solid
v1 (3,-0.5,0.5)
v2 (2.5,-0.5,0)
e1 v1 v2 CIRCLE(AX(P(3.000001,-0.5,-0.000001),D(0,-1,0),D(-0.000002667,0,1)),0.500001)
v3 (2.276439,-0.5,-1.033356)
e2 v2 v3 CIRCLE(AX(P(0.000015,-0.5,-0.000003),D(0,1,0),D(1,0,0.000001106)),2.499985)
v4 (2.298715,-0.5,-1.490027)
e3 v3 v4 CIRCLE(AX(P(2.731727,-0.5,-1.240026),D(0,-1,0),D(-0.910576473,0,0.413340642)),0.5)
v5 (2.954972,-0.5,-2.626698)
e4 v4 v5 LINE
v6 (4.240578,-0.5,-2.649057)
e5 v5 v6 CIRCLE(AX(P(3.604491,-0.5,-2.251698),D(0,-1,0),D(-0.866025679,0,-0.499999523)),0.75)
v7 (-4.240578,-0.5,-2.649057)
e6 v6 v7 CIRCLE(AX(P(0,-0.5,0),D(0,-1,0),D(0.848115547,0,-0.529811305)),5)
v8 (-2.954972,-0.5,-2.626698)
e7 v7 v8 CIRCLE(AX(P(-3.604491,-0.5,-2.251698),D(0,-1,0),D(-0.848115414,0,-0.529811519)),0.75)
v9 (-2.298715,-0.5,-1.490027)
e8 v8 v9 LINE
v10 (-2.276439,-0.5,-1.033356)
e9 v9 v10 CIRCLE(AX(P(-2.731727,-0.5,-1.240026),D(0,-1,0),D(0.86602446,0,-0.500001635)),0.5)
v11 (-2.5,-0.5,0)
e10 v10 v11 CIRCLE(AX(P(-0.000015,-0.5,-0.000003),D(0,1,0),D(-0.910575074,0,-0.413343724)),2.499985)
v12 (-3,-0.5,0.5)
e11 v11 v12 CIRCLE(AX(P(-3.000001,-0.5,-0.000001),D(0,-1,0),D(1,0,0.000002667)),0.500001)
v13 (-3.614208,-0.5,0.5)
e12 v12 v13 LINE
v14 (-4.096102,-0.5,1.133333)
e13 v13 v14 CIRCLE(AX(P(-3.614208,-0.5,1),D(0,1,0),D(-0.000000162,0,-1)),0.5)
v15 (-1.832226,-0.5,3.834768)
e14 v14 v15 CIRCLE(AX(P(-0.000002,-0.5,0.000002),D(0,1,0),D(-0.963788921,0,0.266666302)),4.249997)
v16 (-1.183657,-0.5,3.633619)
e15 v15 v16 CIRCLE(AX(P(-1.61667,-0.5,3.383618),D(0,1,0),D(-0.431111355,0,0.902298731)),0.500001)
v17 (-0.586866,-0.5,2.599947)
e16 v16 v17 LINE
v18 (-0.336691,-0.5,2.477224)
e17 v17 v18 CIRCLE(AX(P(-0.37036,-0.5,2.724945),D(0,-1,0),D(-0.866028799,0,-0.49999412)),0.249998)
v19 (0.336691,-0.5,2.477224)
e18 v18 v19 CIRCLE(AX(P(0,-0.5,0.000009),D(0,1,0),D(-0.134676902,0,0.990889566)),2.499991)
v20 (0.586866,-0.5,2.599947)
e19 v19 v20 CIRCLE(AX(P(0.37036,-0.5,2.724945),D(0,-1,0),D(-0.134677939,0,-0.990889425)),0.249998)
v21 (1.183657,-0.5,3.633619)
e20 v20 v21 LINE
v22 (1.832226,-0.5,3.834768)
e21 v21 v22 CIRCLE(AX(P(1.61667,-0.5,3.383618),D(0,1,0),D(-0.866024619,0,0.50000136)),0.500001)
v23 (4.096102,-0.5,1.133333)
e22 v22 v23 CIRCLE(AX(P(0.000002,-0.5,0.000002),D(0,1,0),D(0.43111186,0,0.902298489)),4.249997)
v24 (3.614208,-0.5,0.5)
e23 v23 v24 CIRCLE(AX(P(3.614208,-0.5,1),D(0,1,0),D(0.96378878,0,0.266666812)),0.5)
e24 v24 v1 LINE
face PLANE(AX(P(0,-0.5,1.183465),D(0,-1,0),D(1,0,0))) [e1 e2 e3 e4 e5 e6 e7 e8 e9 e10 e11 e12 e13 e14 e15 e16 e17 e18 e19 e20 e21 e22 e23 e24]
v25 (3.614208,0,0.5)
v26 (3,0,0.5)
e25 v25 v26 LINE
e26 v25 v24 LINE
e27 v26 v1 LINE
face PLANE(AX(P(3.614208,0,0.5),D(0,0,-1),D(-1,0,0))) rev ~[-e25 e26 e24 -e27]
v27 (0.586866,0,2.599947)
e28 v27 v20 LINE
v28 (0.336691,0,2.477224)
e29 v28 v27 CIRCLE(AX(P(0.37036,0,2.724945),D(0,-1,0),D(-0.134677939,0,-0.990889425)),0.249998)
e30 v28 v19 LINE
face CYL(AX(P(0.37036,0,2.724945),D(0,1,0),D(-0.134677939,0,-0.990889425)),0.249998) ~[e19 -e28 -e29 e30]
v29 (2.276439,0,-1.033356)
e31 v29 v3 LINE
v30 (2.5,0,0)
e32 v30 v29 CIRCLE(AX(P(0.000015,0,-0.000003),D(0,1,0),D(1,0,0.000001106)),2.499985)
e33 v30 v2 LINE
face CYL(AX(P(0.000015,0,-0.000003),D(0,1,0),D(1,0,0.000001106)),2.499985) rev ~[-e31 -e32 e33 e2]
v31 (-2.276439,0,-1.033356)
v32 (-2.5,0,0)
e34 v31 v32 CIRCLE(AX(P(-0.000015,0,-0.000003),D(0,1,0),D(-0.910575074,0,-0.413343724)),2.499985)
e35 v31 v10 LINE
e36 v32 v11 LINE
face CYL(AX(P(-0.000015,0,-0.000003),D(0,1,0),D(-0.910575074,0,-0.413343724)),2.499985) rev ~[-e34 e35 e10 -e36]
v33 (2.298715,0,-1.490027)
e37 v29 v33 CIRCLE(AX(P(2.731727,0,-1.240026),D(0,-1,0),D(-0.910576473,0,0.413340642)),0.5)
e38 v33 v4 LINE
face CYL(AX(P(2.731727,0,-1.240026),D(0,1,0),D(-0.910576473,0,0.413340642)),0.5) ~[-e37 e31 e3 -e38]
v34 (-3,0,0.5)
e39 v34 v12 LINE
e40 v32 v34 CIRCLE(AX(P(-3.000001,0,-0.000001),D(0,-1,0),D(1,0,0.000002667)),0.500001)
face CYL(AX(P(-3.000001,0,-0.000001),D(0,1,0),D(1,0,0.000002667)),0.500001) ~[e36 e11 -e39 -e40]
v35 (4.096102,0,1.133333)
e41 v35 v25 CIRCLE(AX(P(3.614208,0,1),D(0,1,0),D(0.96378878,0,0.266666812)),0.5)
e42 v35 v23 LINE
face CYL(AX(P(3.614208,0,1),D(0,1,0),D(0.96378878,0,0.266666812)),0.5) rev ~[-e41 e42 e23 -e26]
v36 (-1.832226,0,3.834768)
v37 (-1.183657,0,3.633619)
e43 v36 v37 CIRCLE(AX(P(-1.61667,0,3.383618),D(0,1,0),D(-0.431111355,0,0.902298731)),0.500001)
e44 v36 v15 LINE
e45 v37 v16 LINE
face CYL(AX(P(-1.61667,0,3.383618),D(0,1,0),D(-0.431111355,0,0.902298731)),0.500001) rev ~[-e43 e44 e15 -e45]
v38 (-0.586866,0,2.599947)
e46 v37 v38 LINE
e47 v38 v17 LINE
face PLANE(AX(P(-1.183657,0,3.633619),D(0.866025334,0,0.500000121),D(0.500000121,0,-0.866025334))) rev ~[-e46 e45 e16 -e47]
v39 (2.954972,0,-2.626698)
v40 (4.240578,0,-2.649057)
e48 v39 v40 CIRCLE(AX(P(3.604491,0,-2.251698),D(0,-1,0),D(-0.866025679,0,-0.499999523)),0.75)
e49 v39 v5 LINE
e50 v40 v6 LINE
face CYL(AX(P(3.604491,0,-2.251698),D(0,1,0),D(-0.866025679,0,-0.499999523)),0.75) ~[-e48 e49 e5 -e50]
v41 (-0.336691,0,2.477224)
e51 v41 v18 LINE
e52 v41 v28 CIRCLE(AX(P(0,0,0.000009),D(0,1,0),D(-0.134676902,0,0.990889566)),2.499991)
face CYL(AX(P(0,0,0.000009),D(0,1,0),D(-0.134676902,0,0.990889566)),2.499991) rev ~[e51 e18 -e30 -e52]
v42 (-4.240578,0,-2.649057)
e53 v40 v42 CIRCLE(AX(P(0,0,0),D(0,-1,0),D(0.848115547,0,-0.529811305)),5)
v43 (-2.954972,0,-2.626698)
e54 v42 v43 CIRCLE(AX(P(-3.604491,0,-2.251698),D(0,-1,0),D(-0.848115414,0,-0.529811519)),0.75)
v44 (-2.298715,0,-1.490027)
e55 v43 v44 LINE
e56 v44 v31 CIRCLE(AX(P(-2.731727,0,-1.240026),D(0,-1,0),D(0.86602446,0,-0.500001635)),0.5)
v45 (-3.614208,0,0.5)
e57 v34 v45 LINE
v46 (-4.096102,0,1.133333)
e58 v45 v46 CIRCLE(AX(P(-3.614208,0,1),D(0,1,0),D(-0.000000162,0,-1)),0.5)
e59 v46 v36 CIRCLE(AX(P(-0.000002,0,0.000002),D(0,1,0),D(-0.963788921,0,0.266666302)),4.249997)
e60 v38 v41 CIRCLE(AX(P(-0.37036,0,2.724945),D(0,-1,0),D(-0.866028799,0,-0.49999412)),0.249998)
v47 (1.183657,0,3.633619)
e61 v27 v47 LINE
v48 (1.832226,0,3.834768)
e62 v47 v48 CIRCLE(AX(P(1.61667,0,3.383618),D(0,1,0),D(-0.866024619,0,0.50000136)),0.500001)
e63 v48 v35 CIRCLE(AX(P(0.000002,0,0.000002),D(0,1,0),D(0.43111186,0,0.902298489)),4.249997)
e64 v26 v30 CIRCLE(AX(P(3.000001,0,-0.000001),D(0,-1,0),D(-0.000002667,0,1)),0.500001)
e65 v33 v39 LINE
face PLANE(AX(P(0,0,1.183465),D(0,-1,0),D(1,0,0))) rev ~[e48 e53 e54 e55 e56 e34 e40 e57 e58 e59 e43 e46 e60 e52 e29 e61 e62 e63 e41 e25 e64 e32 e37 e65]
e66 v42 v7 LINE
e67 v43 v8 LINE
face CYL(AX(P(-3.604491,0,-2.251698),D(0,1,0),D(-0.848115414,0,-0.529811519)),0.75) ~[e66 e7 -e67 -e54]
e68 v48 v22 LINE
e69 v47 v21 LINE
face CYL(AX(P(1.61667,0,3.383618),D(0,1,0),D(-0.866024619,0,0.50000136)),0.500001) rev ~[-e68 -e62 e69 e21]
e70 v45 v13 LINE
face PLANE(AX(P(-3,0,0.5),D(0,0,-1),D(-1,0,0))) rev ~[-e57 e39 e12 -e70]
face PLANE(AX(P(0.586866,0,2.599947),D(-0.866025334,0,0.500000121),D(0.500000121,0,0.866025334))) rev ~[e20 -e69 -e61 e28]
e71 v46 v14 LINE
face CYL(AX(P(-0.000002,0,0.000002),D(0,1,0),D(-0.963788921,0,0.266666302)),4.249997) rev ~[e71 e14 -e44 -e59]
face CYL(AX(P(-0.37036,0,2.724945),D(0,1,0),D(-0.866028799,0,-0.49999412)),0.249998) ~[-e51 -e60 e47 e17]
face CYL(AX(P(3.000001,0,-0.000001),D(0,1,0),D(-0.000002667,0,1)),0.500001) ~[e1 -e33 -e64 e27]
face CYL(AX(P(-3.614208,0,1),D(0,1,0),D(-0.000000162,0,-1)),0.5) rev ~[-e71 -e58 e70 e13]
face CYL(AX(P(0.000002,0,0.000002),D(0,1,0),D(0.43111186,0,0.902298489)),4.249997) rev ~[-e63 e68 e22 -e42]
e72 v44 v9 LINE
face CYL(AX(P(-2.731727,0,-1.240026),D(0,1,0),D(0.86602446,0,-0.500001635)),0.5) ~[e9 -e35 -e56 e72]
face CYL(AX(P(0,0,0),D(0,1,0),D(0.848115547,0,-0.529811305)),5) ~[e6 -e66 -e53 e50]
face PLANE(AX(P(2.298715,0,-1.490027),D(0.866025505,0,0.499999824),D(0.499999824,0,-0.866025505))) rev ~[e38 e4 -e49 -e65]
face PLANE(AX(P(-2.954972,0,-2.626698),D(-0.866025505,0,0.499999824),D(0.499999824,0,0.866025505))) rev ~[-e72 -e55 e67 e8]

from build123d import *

# Parameters (mm, degrees)
F1_DEPTH = 0.5


with BuildPart() as f1:
    # F0 (on Front) → F1 (new body)
    with BuildSketch(Plane.XZ):
        with BuildLine():
            ThreePointArc((2.954972, -2.626698), (3.591449, -3.001585), (4.240578, -2.649057))
            ThreePointArc((4.240578, -2.649057), (0, 5), (-4.240578, -2.649057))
            ThreePointArc((-4.240578, -2.649057), (-3.591449, -3.001585), (-2.954972, -2.626698))
            Line((-2.954972, -2.626698), (-2.298715, -1.490027))
            ThreePointArc((-2.298715, -1.490027), (-2.232321, -1.264386), (-2.276439, -1.033356))
            ThreePointArc((-2.276439, -1.033356), (-2.443471, -0.528631), (-2.5, 0))
            ThreePointArc((-2.5, 0), (-2.646447, 0.353553), (-3, 0.5))
            Line((-3, 0.5), (-3.614208, 0.5))
            ThreePointArc((-3.614208, 0.5), (-4.012119, 0.697235), (-4.096102, 1.133333))
            ThreePointArc((-4.096102, 1.133333), (-3.257408, 2.729797), (-1.832226, 3.834768))
            ThreePointArc((-1.832226, 3.834768), (-1.468558, 3.861178), (-1.183657, 3.633619))
            Line((-1.183657, 3.633619), (-0.586866, 2.599947))
            ThreePointArc((-0.586866, 2.599947), (-0.480462, 2.500497), (-0.336691, 2.477224))
            ThreePointArc((-0.336691, 2.477224), (0, 2.5), (0.336691, 2.477224))
            ThreePointArc((0.336691, 2.477224), (0.480462, 2.500497), (0.586866, 2.599947))
            Line((0.586866, 2.599947), (1.183657, 3.633619))
            ThreePointArc((1.183657, 3.633619), (1.468558, 3.861178), (1.832226, 3.834768))
            ThreePointArc((1.832226, 3.834768), (3.257408, 2.729797), (4.096102, 1.133333))
            ThreePointArc((4.096102, 1.133333), (4.012119, 0.697235), (3.614208, 0.5))
            Line((3.614208, 0.5), (3, 0.5))
            ThreePointArc((3, 0.5), (2.646447, 0.353553), (2.5, 0))
            ThreePointArc((2.5, 0), (2.443471, -0.528631), (2.276439, -1.033356))
            ThreePointArc((2.276439, -1.033356), (2.232321, -1.264386), (2.298715, -1.490027))
            Line((2.298715, -1.490027), (2.954972, -2.626698))
        make_face()
    extrude(amount=F1_DEPTH)


solid = f1.part
